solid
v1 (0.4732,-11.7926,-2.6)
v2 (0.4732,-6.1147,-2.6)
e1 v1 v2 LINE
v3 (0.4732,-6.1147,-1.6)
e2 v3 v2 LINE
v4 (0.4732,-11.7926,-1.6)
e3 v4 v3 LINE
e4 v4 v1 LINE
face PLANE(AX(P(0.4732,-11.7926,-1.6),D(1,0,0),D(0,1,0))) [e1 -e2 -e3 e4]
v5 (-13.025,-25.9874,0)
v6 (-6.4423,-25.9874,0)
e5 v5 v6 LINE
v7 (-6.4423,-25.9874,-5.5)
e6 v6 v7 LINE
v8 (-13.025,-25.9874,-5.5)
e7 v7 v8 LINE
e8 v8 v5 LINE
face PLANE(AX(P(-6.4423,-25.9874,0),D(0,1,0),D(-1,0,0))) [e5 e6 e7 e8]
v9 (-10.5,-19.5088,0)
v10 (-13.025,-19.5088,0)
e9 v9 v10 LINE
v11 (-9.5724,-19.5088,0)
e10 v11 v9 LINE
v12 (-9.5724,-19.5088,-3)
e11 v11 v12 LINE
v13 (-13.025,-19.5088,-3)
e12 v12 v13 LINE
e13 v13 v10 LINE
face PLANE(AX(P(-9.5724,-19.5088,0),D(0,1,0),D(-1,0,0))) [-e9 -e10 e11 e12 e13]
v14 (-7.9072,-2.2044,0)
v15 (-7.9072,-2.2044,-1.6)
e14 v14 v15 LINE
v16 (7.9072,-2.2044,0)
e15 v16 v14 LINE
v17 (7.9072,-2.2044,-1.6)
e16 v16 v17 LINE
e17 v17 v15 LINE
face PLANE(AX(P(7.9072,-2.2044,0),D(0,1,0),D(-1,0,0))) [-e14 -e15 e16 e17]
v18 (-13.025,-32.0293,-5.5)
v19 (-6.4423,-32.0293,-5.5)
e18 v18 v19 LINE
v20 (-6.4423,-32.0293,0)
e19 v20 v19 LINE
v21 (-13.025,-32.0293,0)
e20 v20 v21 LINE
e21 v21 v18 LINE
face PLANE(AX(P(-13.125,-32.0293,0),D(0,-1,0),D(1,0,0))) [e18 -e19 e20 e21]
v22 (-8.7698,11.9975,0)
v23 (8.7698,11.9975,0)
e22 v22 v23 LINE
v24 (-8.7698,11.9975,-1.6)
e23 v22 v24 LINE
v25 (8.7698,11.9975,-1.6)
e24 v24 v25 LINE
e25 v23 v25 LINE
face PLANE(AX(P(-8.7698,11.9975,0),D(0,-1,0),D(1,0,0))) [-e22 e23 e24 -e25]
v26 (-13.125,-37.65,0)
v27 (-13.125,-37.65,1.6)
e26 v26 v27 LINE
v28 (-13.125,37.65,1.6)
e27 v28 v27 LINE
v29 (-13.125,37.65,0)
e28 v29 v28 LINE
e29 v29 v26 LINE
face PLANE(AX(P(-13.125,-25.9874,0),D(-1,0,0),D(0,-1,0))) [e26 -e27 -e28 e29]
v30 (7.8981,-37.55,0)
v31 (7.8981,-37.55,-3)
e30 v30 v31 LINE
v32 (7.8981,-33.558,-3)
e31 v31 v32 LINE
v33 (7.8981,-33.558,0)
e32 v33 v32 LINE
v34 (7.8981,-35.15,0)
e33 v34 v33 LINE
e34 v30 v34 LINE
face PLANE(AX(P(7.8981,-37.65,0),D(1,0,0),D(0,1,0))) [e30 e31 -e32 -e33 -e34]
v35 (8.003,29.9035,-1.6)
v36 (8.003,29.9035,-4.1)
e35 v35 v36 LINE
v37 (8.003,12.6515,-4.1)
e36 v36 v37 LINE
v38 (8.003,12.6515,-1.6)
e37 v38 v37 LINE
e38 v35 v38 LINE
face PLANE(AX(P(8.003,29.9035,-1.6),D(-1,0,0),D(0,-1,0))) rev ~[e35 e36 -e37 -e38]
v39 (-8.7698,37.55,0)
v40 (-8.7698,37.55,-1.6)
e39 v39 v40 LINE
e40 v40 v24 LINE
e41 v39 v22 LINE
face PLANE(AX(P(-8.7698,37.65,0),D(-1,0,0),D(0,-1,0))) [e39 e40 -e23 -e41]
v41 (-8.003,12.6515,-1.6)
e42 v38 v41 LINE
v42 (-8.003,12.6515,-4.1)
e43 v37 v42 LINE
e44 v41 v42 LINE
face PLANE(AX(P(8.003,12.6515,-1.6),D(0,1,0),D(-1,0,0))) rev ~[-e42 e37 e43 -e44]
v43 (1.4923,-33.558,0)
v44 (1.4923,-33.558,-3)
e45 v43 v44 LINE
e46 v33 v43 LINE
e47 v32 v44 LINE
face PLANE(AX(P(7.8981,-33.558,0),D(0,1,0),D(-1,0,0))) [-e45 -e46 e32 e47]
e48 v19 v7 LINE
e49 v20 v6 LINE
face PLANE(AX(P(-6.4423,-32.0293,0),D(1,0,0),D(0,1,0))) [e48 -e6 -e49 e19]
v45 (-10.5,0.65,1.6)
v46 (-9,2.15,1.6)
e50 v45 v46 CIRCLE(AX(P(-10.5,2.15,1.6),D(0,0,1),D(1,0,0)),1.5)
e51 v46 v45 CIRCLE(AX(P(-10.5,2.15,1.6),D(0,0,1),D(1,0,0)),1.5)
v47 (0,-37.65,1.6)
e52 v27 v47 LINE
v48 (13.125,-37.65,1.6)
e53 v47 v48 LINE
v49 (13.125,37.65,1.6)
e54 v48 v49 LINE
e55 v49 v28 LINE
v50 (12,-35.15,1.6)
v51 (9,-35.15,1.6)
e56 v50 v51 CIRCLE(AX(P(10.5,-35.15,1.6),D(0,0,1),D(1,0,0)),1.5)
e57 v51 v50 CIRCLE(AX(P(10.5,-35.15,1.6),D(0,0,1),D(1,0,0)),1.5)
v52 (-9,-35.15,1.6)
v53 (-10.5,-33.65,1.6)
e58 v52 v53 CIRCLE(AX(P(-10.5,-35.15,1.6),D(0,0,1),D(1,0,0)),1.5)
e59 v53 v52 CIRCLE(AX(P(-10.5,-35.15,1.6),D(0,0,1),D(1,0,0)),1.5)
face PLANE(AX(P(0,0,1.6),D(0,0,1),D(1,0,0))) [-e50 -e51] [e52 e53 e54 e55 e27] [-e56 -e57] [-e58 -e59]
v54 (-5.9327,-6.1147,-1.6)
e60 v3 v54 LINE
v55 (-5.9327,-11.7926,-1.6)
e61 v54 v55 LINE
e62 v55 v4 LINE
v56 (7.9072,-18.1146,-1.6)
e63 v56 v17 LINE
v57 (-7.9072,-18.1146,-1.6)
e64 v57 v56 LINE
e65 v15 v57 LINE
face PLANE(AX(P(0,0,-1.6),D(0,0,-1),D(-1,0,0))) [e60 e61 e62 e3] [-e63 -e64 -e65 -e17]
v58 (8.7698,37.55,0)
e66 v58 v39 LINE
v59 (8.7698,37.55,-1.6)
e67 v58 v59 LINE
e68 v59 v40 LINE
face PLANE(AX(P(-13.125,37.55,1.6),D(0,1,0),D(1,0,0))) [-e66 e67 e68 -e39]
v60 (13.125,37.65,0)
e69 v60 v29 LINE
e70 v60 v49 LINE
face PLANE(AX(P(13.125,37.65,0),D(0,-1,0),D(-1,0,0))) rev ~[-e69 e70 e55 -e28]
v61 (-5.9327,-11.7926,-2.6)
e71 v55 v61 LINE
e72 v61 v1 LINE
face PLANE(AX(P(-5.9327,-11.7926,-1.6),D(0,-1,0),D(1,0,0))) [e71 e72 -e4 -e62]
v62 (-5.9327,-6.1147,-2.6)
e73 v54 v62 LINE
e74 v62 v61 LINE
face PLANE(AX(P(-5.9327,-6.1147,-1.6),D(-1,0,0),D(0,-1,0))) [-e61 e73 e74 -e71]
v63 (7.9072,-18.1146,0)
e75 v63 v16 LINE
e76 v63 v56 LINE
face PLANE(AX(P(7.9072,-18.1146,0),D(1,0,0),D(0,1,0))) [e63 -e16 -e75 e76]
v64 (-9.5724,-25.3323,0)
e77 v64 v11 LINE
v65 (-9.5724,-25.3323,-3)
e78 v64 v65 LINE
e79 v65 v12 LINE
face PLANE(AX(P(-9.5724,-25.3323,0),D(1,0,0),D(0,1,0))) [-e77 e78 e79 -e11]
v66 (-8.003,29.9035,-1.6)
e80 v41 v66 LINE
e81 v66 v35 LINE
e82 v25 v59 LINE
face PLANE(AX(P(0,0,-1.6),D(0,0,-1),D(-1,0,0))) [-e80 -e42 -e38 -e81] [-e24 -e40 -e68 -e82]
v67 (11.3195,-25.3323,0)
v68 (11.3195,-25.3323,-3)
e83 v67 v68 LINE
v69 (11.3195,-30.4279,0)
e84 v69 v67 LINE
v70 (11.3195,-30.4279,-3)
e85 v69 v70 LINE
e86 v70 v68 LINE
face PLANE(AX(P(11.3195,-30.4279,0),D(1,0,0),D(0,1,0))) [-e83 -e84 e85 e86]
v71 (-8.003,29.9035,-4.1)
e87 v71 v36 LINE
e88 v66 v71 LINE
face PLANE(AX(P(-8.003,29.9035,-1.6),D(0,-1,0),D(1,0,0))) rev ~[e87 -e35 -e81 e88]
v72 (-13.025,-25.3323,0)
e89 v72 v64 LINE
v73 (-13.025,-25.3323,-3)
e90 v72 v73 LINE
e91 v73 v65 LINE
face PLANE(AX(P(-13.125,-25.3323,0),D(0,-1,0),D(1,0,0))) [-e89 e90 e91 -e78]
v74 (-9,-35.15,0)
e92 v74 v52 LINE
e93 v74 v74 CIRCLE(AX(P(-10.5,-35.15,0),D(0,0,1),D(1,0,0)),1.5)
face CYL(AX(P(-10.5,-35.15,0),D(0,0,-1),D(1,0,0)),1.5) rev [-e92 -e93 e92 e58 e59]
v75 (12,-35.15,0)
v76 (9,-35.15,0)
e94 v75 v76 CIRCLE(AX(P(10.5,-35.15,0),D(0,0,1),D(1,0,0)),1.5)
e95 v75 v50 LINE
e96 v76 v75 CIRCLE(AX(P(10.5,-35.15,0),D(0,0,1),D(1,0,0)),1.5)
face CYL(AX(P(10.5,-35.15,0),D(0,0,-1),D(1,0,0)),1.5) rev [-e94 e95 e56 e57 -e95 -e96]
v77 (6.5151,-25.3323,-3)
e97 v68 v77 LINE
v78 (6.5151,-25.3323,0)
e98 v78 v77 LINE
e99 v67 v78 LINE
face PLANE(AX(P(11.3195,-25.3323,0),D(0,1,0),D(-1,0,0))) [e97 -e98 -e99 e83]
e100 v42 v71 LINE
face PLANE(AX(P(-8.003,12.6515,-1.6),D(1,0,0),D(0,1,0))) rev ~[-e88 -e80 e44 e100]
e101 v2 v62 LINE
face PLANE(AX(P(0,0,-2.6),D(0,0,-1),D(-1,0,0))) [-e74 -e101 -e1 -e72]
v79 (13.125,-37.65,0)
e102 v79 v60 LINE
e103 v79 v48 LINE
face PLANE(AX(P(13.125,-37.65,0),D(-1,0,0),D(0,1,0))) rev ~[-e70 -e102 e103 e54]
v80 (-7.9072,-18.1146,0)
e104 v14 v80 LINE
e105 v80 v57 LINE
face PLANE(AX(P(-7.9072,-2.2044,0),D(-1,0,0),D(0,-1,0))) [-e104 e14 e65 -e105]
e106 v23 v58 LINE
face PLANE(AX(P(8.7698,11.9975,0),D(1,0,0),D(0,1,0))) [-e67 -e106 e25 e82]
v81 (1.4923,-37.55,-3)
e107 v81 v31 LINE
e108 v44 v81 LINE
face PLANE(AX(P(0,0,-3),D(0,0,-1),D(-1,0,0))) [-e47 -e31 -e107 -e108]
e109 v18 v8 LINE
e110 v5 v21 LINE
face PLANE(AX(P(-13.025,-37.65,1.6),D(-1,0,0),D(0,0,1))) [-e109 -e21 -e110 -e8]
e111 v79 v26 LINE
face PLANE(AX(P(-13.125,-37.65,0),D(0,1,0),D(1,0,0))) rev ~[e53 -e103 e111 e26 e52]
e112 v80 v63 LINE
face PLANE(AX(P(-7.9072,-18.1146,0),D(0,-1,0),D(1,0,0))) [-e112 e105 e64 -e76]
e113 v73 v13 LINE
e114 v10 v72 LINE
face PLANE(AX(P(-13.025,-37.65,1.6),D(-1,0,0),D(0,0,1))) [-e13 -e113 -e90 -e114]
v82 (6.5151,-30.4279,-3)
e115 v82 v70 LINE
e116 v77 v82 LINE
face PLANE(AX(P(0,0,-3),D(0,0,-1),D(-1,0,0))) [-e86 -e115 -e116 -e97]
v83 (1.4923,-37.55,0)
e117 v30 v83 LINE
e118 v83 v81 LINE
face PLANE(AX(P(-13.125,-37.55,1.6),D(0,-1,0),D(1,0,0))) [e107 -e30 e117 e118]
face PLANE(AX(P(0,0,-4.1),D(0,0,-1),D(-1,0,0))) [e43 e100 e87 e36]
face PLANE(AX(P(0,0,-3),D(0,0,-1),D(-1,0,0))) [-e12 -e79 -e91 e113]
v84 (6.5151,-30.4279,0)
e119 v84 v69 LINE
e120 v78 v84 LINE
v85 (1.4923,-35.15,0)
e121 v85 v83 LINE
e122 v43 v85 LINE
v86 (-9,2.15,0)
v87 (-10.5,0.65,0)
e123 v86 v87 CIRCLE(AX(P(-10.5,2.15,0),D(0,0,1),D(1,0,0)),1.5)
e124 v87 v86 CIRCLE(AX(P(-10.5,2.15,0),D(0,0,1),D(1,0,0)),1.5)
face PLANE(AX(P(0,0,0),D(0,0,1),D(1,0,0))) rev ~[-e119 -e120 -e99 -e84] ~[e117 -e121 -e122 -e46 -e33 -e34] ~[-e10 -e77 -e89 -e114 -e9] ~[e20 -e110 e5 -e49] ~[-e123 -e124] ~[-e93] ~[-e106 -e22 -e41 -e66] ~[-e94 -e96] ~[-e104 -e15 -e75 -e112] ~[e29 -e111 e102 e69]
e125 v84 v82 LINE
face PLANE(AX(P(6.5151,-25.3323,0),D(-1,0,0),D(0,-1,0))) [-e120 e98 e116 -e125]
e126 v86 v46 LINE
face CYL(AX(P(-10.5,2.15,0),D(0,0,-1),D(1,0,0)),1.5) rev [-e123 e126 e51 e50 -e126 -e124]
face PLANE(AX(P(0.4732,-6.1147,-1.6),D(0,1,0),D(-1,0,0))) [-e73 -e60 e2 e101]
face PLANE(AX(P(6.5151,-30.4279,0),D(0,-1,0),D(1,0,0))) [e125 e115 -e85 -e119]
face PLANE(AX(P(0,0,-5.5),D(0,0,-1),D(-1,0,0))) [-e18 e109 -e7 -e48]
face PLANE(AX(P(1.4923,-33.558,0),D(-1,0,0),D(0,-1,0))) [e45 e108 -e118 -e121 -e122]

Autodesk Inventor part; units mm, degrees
ref_plane "YZ Plane" through (0, 0, 0) normal (1, 0, 0) x (0, 1, 0)
ref_plane "XZ Plane" through (0, 0, 0) normal (0, 1, 0) x (-1, 0, 0)
ref_plane "XY Plane" through (0, 0, 0) normal (0, 0, 1) x (1, 0, 0)
sketch "Boceto1" plane through (0, 0, 0) normal (0, 0, 1) x (1, 0, 0)
  line L0 (-13.125, -37.65) -> (13.125, -37.65)
  line L1 (13.125, -37.65) -> (13.125, 37.65)
  line L2 (13.125, 37.65) -> (-13.125, 37.65)
  line L3 (-13.125, 37.65) -> (-13.125, -37.65)
  line L4 (-13.125, -37.65) -> (13.125, 37.65) construction
  line L5 (13.125, -37.65) -> (-13.125, 37.65) construction
  line L6 (0, -37.65) -> (0, -35.15)
  line L7 (0, -35.15) -> (10.5, -35.15)
  line L8 (10.5, -35.15) -> (-10.5, -35.15)
  circle A0 centre (10.5, -35.15) radius 1.5
  circle A1 centre (-10.5, -35.15) radius 1.5
  line L9 (-10.5, -35.15) -> (-10.5, 2.15)
  circle A2 centre (-10.5, 2.15) radius 1.5
  point P0 (0, 0)
  dimension "d0" = 26.25
  dimension "d1" = 75.3
  dimension "d2" = 2.5
  dimension "d3" = 10.5
  dimension "d4" = 21
  dimension "d5" = 3
  dimension "d6" = 3
  dimension "d7" = 37.3
  dimension "d8" = 3
extrude "Extrusión1" add sketch "Boceto1" along normal blind 1.6
sketch "Boceto3" plane through (0, 0, 0) normal (0, 0, -1) x (-1, 0, 0)
  line L0 (-13.125, 37.65) -> (13.125, 37.65) projected
  line L1 (8.7698, 11.9975) -> (-8.7698, 11.9975)
  line L2 (-8.7698, 11.9975) -> (-8.7698, 37.65)
  line L3 (-8.7698, 37.65) -> (8.7698, 37.65)
  line L4 (8.7698, 37.65) -> (8.7698, 11.9975)
  line L5 (8.7698, 11.9975) -> (-8.7698, 37.65) construction
  line L6 (-8.7698, 11.9975) -> (8.7698, 37.65) construction
  line L7 (7.9072, -18.1146) -> (-7.9072, -18.1146)
  line L8 (-7.9072, -18.1146) -> (-7.9072, -2.2044)
  line L9 (-7.9072, -2.2044) -> (7.9072, -2.2044)
  line L10 (7.9072, -2.2044) -> (7.9072, -18.1146)
  line L11 (7.9072, -18.1146) -> (-7.9072, -2.2044) construction
  line L12 (-7.9072, -18.1146) -> (7.9072, -2.2044) construction
  point P0 (0, 0)
  point P1 (0, 24.8238)
  point P2 (0, -10.1595)
extrude "Extrusión2" add sketch "Boceto3" along normal blind 1.6
sketch "Boceto4" plane through (0, 0, -1.6) normal (0, 0, -1) x (-1, 0, 0)
  line L0 (8.003, 29.9035) -> (-8.003, 29.9035)
  line L1 (-8.003, 29.9035) -> (-8.003, 12.6515)
  line L2 (-8.003, 12.6515) -> (8.003, 12.6515)
  line L3 (8.003, 12.6515) -> (8.003, 29.9035)
  line L4 (8.003, 29.9035) -> (-8.003, 12.6515) construction
  line L5 (-8.003, 29.9035) -> (8.003, 12.6515) construction
  point P0 (0, 0)
  point P1 (0, 21.2775)
extrude "Extrusión3" add sketch "Boceto4" along normal blind 2.5
sketch "Boceto5" plane through (-13.125, 37.65, 1.6) normal (0, 1, 0) x (1, 0, 0)
  line L0 (21.8948, 3.2) -> (4.3552, 3.2) projected
  line L1 (21.8948, 1.6) -> (21.8948, 3.2) projected
  line L2 (4.3552, 3.2) -> (21.8948, 3.2)
  line L3 (21.8948, 3.2) -> (21.8948, 1.6)
  line L4 (21.8948, 1.6) -> (4.3552, 1.6)
  line L5 (4.3552, 1.6) -> (4.3552, 3.2)
  point P0 (13.125, 1.6)
extrude "Extrusión4" cut sketch "Boceto5" against normal blind 0.1
sketch "Boceto6" plane through (0, 0, -1.6) normal (0, 0, -1) x (-1, 0, 0)
  line L0 (5.9327, -11.7926) -> (-0.4732, -11.7926)
  line L1 (-0.4732, -11.7926) -> (-0.4732, -6.1147)
  line L2 (-0.4732, -6.1147) -> (5.9327, -6.1147)
  line L3 (5.9327, -6.1147) -> (5.9327, -11.7926)
  line L4 (5.9327, -11.7926) -> (-0.4732, -6.1147) construction
  line L5 (-0.4732, -11.7926) -> (5.9327, -6.1147) construction
  point P0 (0, 0)
  point P1 (2.7298, -8.9537)
extrude "Extrusión5" add sketch "Boceto6" along normal blind 1
sketch "Boceto7" plane through (0, 0, 0) normal (0, 0, -1) x (-1, 0, 0)
  line L0 (13.125, 37.65) -> (13.125, -37.65) projected
  line L1 (13.125, -32.0293) -> (6.4423, -32.0293)
  line L2 (6.4423, -32.0293) -> (6.4423, -25.9874)
  line L3 (6.4423, -25.9874) -> (13.125, -25.9874)
  line L4 (13.125, -25.9874) -> (13.125, -32.0293)
  point P0 (0, 0)
extrude "Extrusión6" add sketch "Boceto7" along normal blind 5.5
sketch "Boceto8" plane through (0, 0, 0) normal (0, 0, -1) x (-1, 0, 0)
  line L0 (13.125, 37.65) -> (13.125, -37.65) projected
  line L1 (13.125, -25.3323) -> (9.5724, -25.3323)
  line L2 (9.5724, -25.3323) -> (9.5724, -19.5088)
  line L3 (9.5724, -19.5088) -> (13.125, -19.5088)
  line L4 (13.125, -19.5088) -> (13.125, -25.3323)
  line L5 (13.125, -37.65) -> (-13.125, -37.65) projected
  line L6 (-1.4923, -37.65) -> (-7.8981, -37.65)
  line L7 (-7.8981, -37.65) -> (-7.8981, -33.558)
  line L8 (-7.8981, -33.558) -> (-1.4923, -33.558)
  line L9 (-1.4923, -33.558) -> (-1.4923, -37.65)
  line L10 (-6.5151, -30.4279) -> (-11.3195, -30.4279)
  line L11 (-11.3195, -30.4279) -> (-11.3195, -25.3323)
  line L12 (-11.3195, -25.3323) -> (-6.5151, -25.3323)
  line L13 (-6.5151, -25.3323) -> (-6.5151, -30.4279)
  point P0 (0, 0)
extrude "Extrusión7" add sketch "Boceto8" along normal blind 3
sketch "Boceto9" plane through (-13.125, -37.65, 1.6) normal (0, -1, 0) x (1, 0, 0)
  line L0 (14.6173, -4.6) -> (21.0231, -4.6) projected
  line L1 (21.0231, -1.6) -> (21.0231, -4.6) projected
  line L2 (14.6173, -4.6) -> (21.0231, -4.6)
  line L3 (21.0231, -4.6) -> (21.0231, -1.6)
  line L4 (21.0231, -1.6) -> (14.6173, -1.6)
  line L5 (14.6173, -1.6) -> (14.6173, -4.6)
  point P0 (13.125, -1.6)
extrude "Extrusión8" cut sketch "Boceto9" against normal blind 0.1
sketch "Boceto10" plane through (-13.125, -37.65, 1.6) normal (-1, 0, 0) x (0, 0, 1)
  line L0 (-4.6, 12.3177) -> (-4.6, 18.1412) projected
  line L1 (-1.6, 12.3177) -> (-1.6, 11.6626) projected
  line L2 (-4.6, 18.1412) -> (-1.6, 18.1412)
  line L3 (-1.6, 18.1412) -> (-1.6, 12.3177)
  line L4 (-1.6, 12.3177) -> (-4.6, 12.3177)
  line L5 (-4.6, 12.3177) -> (-4.6, 18.1412)
  line L6 (-7.1, 5.6207) -> (-7.1, 11.6626) projected
  line L7 (-1.6, 5.6207) -> (-7.1, 5.6207) projected
  line L8 (-7.1, 11.6626) -> (-1.6, 11.6626)
  line L9 (-1.6, 11.6626) -> (-1.6, 5.6207)
  line L10 (-1.6, 5.6207) -> (-7.1, 5.6207)
  line L11 (-7.1, 5.6207) -> (-7.1, 11.6626)
  point P0 (-1.6, 37.65)
extrude "Extrusión9" cut sketch "Boceto10" against normal blind 0.1
properties part number "ESP32"
